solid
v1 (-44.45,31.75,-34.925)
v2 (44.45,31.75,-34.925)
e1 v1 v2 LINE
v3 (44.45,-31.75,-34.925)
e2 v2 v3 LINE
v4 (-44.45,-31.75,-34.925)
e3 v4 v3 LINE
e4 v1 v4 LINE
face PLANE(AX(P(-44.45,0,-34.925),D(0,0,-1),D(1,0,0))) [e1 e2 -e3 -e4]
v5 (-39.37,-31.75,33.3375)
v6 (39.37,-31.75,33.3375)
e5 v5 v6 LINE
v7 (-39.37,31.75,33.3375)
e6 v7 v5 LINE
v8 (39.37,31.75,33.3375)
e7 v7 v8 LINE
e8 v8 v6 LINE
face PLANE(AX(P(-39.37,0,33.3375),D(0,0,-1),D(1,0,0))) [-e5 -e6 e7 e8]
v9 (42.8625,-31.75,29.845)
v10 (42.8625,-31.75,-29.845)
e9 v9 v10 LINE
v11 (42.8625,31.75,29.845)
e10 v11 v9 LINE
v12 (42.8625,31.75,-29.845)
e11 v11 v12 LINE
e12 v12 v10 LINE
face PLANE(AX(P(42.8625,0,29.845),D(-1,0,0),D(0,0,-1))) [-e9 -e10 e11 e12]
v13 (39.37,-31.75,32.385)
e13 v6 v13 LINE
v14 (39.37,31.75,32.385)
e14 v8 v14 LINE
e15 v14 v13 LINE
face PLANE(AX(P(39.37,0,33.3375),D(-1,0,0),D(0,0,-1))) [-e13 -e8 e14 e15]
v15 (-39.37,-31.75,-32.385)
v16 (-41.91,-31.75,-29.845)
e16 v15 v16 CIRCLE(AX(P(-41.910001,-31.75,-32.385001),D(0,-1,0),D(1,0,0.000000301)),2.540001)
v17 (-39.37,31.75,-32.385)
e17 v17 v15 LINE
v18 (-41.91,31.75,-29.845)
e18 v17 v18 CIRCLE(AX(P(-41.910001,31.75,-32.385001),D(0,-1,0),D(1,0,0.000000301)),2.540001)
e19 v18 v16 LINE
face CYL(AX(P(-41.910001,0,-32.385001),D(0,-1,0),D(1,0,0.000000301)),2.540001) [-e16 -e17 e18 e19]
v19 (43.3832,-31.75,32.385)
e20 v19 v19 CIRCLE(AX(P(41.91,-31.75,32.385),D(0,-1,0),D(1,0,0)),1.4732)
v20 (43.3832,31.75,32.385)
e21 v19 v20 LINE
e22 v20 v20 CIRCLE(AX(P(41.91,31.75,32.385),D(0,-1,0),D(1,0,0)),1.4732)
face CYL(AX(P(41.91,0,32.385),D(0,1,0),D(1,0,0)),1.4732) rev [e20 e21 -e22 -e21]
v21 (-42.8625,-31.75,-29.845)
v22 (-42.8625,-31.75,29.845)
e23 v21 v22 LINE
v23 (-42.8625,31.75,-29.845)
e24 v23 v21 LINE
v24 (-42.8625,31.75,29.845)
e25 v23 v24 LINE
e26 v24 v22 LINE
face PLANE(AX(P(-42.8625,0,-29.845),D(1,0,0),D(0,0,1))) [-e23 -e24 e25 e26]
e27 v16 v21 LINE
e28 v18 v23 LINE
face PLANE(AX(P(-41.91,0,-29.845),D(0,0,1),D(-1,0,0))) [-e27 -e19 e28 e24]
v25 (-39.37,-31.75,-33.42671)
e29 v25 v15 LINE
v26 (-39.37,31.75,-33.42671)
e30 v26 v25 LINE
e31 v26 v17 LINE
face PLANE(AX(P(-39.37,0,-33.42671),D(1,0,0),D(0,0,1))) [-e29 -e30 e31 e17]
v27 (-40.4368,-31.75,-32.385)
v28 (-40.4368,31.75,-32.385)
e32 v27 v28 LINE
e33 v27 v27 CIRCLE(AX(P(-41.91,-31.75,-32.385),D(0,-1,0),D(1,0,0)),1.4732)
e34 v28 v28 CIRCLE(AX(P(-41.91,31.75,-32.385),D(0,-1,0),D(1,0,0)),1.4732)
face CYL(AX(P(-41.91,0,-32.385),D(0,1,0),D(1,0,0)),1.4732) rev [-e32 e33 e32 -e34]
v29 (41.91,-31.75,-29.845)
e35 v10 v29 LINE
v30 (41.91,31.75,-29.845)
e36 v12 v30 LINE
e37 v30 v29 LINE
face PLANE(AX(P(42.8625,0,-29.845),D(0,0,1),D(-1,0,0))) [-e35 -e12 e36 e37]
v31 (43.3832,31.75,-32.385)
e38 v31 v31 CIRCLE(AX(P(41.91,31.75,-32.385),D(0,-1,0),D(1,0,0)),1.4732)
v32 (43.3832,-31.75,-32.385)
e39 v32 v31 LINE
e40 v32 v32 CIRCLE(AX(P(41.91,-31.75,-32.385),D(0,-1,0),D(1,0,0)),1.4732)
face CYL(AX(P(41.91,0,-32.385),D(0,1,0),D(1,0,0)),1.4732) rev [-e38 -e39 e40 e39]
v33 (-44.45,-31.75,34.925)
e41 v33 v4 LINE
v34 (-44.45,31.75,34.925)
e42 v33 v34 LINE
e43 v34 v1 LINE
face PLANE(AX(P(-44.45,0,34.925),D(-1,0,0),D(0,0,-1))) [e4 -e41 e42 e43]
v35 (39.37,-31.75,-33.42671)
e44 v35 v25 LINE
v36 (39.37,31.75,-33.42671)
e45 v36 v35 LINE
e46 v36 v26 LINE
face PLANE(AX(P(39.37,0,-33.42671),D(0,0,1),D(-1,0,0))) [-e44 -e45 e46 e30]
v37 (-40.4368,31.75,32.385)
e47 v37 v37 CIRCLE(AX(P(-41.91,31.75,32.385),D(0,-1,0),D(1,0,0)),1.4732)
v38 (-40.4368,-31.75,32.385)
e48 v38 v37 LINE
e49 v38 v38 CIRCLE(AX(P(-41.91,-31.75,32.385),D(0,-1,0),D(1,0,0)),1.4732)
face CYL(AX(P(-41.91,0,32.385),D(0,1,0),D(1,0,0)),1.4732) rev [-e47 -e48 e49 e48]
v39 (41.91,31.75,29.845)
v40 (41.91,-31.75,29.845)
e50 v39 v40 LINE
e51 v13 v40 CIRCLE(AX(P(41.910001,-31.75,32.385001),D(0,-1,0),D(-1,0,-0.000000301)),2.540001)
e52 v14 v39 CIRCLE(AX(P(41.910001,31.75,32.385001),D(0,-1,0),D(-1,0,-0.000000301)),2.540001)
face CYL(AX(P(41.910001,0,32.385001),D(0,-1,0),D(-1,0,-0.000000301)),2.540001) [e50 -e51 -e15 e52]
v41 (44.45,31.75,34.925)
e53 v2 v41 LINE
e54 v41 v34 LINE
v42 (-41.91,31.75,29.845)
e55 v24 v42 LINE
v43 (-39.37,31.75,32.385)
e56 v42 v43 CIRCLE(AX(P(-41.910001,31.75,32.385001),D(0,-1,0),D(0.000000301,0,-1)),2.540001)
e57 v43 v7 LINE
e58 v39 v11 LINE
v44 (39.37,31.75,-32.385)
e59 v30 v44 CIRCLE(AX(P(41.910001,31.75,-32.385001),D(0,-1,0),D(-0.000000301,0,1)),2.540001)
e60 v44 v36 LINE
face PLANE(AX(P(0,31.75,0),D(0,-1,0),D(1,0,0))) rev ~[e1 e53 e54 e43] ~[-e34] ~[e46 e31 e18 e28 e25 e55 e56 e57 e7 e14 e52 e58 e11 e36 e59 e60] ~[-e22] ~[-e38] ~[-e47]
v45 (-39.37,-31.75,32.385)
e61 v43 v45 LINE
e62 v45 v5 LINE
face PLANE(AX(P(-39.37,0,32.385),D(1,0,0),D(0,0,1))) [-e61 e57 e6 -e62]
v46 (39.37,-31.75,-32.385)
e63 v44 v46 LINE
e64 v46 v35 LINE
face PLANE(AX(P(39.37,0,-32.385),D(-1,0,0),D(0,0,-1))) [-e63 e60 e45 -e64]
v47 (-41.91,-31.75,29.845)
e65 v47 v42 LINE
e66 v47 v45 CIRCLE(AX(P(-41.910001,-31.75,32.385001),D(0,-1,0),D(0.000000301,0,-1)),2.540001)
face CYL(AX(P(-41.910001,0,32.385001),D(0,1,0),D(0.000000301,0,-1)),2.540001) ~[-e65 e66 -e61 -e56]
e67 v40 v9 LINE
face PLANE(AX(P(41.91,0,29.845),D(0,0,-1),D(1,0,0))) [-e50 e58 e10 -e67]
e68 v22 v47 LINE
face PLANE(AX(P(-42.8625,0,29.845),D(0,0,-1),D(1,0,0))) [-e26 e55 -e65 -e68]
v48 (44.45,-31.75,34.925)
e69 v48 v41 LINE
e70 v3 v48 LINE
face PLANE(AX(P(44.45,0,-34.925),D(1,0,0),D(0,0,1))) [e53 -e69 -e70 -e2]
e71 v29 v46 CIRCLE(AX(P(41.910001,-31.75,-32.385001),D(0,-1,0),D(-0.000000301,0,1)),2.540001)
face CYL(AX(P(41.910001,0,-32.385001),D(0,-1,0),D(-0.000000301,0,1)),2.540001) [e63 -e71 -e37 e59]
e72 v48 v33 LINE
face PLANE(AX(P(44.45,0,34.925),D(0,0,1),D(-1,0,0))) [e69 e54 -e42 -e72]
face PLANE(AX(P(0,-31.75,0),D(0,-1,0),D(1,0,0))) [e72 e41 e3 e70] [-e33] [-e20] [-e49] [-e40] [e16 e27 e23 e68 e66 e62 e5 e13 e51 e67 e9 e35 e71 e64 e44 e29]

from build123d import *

# Parameters (mm, degrees)
F0_R     = 1.4732
F1_DEPTH = 31.75


with BuildPart() as f1:
    # F0 (on Front) → F1 (new body, symmetric)
    with BuildSketch(Plane.XZ):
        Polygon((-39.37, 34.925), (-44.45, 34.925), (-44.45, 29.845), (-44.45, -29.845), (-44.45, -34.925), (-39.37, -34.925), (39.37, -34.925), (44.45, -34.925), (44.45, -29.845), (44.45, 29.845), (44.45, 34.925), (39.37, 34.925), align=None)
        with Locations((-41.91, -32.385)):
            Circle(F0_R, mode=Mode.SUBTRACT)
        with Locations((41.91, -32.385)):
            Circle(F0_R, mode=Mode.SUBTRACT)
        with BuildLine():
            Line((39.37, -32.385), (39.37, -33.42671))
            Line((39.37, -33.42671), (-39.37, -33.42671))
            Line((-39.37, -33.42671), (-39.37, -32.385))
            ThreePointArc((-39.37, -32.385), (-40.113949, -30.588949), (-41.91, -29.845))
            Line((-41.91, -29.845), (-42.8625, -29.845))
            Line((-42.8625, -29.845), (-42.8625, 29.845))
            Line((-42.8625, 29.845), (-41.91, 29.845))
            ThreePointArc((-41.91, 29.845), (-40.113949, 30.588949), (-39.37, 32.385))
            Line((-39.37, 32.385), (-39.37, 33.3375))
            Line((-39.37, 33.3375), (39.37, 33.3375))
            Line((39.37, 33.3375), (39.37, 32.385))
            ThreePointArc((39.37, 32.385), (40.113949, 30.588949), (41.91, 29.845))
            Line((41.91, 29.845), (42.8625, 29.845))
            Line((42.8625, 29.845), (42.8625, -29.845))
            Line((42.8625, -29.845), (41.91, -29.845))
            ThreePointArc((41.91, -29.845), (40.113949, -30.588949), (39.37, -32.385))
        make_face(mode=Mode.SUBTRACT)
        with Locations((-41.91, 32.385)):
            Circle(F0_R, mode=Mode.SUBTRACT)
        with Locations((41.91, 32.385)):
            Circle(F0_R, mode=Mode.SUBTRACT)
    extrude(amount=F1_DEPTH, both=True)


solid = f1.part
